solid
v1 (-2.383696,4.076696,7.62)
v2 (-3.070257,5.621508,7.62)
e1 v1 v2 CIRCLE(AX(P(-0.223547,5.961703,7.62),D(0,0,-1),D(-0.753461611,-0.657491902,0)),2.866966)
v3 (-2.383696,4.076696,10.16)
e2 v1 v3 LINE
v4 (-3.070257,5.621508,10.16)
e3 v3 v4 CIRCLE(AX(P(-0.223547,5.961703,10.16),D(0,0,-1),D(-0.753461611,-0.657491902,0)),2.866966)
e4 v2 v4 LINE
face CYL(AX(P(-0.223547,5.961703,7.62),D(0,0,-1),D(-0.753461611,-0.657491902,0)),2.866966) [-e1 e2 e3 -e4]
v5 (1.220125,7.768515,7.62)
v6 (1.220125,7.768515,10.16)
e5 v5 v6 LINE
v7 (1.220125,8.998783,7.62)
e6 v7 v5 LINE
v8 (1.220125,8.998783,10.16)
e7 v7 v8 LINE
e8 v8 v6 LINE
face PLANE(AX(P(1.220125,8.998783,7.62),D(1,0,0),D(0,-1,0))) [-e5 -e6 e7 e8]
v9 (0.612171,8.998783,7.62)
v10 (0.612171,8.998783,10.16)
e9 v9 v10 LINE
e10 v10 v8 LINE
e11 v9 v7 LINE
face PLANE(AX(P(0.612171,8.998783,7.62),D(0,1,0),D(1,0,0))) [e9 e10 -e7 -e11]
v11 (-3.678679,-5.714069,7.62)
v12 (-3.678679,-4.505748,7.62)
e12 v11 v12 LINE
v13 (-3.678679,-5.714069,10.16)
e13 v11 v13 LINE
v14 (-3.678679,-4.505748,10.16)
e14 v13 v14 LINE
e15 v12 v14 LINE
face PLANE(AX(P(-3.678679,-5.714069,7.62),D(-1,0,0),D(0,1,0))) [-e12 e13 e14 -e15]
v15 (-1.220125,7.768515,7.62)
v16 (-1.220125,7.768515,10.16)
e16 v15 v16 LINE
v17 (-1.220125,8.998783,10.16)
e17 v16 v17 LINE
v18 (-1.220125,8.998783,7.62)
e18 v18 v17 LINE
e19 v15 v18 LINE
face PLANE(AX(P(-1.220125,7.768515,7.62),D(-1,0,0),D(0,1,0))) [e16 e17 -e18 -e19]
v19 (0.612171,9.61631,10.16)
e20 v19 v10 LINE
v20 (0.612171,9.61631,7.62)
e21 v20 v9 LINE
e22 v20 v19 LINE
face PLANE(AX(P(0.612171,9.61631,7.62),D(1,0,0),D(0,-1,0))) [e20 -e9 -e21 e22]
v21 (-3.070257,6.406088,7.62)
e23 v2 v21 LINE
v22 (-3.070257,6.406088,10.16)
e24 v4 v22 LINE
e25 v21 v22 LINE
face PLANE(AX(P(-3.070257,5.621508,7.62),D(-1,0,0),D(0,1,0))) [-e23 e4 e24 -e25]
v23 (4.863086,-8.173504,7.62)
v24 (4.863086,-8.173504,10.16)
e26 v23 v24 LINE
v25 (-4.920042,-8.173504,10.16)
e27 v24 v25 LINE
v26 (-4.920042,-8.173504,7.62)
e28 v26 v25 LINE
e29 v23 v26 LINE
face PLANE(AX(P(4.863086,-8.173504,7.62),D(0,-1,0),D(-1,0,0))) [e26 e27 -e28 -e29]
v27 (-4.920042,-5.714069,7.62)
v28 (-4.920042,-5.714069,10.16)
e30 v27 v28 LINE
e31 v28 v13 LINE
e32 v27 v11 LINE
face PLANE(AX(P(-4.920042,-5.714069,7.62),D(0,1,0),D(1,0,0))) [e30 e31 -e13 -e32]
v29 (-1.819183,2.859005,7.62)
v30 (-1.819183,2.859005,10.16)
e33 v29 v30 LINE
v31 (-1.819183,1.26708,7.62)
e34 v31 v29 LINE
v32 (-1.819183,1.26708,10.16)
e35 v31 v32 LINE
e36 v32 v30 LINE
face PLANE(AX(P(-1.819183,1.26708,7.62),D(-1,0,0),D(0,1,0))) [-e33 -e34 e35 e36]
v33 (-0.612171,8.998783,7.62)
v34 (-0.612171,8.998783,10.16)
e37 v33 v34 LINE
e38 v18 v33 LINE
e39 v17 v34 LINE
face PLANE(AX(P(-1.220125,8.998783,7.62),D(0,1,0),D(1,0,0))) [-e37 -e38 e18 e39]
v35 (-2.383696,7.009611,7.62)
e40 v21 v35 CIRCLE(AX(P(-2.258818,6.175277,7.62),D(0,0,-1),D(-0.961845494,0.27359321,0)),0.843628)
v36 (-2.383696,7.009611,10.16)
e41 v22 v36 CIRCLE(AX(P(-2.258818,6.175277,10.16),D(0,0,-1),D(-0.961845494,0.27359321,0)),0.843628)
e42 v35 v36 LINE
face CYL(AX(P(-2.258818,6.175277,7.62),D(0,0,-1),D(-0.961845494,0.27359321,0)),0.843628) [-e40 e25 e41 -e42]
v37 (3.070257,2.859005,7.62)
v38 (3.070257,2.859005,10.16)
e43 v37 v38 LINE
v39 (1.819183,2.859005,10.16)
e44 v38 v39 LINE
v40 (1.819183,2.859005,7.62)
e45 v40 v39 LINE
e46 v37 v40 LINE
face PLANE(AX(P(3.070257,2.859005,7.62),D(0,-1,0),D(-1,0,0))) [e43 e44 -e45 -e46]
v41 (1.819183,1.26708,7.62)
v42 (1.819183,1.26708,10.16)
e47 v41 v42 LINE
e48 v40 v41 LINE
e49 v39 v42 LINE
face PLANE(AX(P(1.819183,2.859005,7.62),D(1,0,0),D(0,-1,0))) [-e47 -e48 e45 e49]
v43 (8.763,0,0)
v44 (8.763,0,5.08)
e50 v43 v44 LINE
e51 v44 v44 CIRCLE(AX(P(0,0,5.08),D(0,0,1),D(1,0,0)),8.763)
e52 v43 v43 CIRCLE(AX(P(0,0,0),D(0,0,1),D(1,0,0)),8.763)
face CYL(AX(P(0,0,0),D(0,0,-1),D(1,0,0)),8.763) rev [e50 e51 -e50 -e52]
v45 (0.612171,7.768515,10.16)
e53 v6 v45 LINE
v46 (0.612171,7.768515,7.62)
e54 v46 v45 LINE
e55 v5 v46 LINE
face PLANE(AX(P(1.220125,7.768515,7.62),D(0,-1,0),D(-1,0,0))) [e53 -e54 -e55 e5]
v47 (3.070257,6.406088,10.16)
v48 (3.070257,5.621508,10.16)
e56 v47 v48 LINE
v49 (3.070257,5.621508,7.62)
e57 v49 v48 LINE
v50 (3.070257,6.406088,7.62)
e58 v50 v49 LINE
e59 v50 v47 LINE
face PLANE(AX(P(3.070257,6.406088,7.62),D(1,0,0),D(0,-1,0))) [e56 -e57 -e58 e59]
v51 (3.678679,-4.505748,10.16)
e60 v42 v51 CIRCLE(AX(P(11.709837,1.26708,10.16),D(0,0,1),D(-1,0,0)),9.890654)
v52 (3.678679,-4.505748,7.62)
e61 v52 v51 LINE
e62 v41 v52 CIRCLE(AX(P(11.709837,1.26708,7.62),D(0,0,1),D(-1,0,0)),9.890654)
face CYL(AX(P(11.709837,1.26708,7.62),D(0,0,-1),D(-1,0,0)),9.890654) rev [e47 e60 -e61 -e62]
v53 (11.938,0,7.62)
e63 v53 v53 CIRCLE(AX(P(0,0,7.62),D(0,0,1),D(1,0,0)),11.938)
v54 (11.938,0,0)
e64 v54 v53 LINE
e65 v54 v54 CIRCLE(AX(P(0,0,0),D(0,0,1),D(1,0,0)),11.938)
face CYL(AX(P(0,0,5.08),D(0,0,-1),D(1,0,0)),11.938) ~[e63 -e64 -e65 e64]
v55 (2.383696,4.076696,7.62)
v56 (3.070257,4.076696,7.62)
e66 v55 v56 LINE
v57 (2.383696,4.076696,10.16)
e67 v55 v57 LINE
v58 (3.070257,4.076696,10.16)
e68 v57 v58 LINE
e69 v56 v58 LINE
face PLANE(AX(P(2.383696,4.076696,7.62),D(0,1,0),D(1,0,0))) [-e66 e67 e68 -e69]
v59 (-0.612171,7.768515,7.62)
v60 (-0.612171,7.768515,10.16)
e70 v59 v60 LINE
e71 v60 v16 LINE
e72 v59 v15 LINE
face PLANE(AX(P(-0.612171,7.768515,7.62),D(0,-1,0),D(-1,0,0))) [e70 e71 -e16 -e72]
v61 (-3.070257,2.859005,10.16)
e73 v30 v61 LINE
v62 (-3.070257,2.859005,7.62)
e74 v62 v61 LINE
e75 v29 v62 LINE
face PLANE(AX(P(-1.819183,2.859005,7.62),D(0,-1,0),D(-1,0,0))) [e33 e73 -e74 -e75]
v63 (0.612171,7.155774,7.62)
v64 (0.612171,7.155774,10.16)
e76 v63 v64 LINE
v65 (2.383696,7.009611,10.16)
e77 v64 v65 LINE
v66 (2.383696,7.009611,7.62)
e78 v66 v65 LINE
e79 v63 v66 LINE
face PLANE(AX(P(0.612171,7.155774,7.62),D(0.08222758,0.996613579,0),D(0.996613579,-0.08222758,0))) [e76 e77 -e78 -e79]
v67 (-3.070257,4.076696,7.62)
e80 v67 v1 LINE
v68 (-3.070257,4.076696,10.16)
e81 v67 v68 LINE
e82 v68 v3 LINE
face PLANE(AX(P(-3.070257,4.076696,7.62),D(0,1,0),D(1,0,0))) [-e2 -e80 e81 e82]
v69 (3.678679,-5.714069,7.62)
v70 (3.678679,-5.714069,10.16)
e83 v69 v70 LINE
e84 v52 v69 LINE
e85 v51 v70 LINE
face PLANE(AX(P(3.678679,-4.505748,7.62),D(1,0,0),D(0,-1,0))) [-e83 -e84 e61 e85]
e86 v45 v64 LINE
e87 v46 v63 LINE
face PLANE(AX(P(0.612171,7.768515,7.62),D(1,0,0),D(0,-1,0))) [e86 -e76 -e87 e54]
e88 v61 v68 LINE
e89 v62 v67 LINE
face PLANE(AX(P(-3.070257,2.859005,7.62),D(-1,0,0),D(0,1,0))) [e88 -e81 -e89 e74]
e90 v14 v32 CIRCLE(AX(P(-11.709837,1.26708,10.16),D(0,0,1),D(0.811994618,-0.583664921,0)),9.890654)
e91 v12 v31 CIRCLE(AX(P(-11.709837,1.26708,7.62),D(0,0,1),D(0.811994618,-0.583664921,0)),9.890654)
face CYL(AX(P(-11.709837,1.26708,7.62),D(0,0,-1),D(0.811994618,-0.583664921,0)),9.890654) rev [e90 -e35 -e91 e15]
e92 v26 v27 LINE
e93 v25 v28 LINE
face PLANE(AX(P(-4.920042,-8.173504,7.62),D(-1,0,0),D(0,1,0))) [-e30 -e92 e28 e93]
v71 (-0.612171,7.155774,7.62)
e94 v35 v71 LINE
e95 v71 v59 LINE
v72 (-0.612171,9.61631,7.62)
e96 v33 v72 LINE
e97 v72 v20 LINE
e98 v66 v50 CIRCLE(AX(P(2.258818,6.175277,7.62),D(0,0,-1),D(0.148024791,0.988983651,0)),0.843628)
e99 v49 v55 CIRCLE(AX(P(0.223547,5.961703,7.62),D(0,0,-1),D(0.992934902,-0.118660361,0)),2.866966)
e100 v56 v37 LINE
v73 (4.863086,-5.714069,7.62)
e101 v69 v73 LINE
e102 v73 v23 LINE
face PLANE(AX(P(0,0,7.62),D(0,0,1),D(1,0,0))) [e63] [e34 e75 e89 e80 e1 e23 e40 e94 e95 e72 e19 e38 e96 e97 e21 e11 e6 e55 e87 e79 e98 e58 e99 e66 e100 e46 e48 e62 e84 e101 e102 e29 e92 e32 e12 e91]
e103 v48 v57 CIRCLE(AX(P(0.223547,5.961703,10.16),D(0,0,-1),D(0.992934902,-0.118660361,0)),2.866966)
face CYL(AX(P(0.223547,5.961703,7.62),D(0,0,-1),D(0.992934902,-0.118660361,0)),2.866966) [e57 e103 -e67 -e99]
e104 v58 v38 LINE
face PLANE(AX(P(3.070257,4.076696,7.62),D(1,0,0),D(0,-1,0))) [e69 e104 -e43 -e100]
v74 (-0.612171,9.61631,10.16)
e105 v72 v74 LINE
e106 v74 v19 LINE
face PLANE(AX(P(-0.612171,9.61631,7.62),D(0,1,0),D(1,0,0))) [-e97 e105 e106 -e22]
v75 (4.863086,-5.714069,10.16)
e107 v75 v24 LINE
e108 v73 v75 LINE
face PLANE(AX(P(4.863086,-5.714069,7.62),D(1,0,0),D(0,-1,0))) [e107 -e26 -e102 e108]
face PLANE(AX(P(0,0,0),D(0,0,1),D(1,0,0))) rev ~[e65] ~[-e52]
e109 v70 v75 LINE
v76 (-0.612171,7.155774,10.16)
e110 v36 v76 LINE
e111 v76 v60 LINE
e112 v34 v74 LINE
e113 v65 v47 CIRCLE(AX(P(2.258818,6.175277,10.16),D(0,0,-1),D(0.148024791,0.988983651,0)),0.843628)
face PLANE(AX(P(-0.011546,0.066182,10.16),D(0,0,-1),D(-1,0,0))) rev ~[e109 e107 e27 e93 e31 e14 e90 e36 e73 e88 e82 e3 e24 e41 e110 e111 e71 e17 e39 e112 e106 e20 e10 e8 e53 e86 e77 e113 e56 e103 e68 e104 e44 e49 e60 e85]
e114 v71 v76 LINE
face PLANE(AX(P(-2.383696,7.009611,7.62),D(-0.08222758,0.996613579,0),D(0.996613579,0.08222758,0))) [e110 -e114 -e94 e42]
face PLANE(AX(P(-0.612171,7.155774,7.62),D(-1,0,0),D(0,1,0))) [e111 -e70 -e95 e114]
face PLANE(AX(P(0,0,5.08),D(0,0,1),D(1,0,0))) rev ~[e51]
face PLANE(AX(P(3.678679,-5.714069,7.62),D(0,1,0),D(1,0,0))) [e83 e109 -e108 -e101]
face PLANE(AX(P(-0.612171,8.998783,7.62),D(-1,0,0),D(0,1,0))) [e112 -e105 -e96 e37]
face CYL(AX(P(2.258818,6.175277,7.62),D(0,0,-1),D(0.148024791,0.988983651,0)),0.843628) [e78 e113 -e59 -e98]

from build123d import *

# Parameters (mm, degrees)
SKETCH1_R           = 11.938
SKETCH1_R_2         = 8.763
BOSS_EXTRUDE1_DEPTH = 5.08
SKETCH2_R           = 11.938
BOSS_EXTRUDE2_DEPTH = 2.54
BOSS_EXTRUDE6_DEPTH = 2.54


with BuildPart() as part:
    # Sketch1 → Boss-Extrude1 (new body)
    with BuildSketch(Plane.XY):
        Circle(SKETCH1_R)
        Circle(SKETCH1_R_2, mode=Mode.SUBTRACT)
    extrude(amount=BOSS_EXTRUDE1_DEPTH)

    # Sketch2 → Boss-Extrude2 (add)
    with BuildSketch(Plane.XY.offset(5.08)):
        Circle(SKETCH2_R)
    extrude(amount=BOSS_EXTRUDE2_DEPTH)

    # Sketch3 → Boss-Extrude6 (add)
    with BuildSketch(Plane.XY.offset(7.62)):
        with BuildLine():
            Line((-3.678678712, -5.714068812), (-3.678678712, -4.50574791))
            ThreePointArc((-3.678678712, -4.50574791), (-2.295527202, -1.765380595), (-1.819182511, 1.267079934))
            Line((-1.819182511, 1.267079934), (-1.819182511, 2.8590046))
            Line((-1.819182511, 2.8590046), (-3.070257362, 2.8590046))
            Line((-3.070257362, 2.8590046), (-3.070257362, 4.076695904))
            Line((-3.070257362, 4.076695904), (-2.383695529, 4.076695904))
            ThreePointArc((-2.383695529, 4.076695904), (-2.843426725, 4.797347732), (-3.070257362, 5.621507725))
            Line((-3.070257362, 5.621507725), (-3.070257362, 6.406088041))
            ThreePointArc((-3.070257362, 6.406088041), (-2.815803075, 6.808897948), (-2.383695529, 7.00961136))
            Line((-2.383695529, 7.00961136), (-0.612171184, 7.15577449))
            Line((-0.612171184, 7.15577449), (-0.612171184, 7.768514842))
            Line((-0.612171184, 7.768514842), (-1.220124502, 7.768514842))
            Line((-1.220124502, 7.768514842), (-1.220124502, 8.998782581))
            Line((-1.220124502, 8.998782581), (-0.612171184, 8.998782581))
            Line((-0.612171184, 8.998782581), (-0.612171184, 9.616309967))
            Line((-0.612171184, 9.616309967), (0.612171184, 9.616309967))
            Line((0.612171184, 9.616309967), (0.612171184, 8.998782581))
            Line((0.612171184, 8.998782581), (1.220124502, 8.998782581))
            Line((1.220124502, 8.998782581), (1.220124502, 7.768514842))
            Line((1.220124502, 7.768514842), (0.612171184, 7.768514842))
            Line((0.612171184, 7.768514842), (0.612171184, 7.15577449))
            Line((0.612171184, 7.15577449), (2.383695529, 7.00961136))
            ThreePointArc((2.383695529, 7.00961136), (2.815803075, 6.808897948), (3.070257362, 6.406088041))
            Line((3.070257362, 6.406088041), (3.070257362, 5.621507725))
            ThreePointArc((3.070257362, 5.621507725), (2.843426725, 4.797347732), (2.383695529, 4.076695904))
            Line((2.383695529, 4.076695904), (3.070257362, 4.076695904))
            Line((3.070257362, 4.076695904), (3.070257362, 2.8590046))
            Line((3.070257362, 2.8590046), (1.819182511, 2.8590046))
            Line((1.819182511, 2.8590046), (1.819182511, 1.267079934))
            ThreePointArc((1.819182511, 1.267079934), (2.295527202, -1.765380595), (3.678678712, -4.50574791))
            Line((3.678678712, -4.50574791), (3.678678712, -5.714068812))
            Line((3.678678712, -5.714068812), (4.863085817, -5.714068812))
            Line((4.863085817, -5.714068812), (4.863085817, -8.173503524))
            Line((4.863085817, -8.173503524), (-4.920042397, -8.173503524))
            Line((-4.920042397, -8.173503524), (-4.920042397, -5.714068812))
            Line((-4.920042397, -5.714068812), (-3.678678712, -5.714068812))
        make_face()
    extrude(amount=BOSS_EXTRUDE6_DEPTH)


solid = part.part
